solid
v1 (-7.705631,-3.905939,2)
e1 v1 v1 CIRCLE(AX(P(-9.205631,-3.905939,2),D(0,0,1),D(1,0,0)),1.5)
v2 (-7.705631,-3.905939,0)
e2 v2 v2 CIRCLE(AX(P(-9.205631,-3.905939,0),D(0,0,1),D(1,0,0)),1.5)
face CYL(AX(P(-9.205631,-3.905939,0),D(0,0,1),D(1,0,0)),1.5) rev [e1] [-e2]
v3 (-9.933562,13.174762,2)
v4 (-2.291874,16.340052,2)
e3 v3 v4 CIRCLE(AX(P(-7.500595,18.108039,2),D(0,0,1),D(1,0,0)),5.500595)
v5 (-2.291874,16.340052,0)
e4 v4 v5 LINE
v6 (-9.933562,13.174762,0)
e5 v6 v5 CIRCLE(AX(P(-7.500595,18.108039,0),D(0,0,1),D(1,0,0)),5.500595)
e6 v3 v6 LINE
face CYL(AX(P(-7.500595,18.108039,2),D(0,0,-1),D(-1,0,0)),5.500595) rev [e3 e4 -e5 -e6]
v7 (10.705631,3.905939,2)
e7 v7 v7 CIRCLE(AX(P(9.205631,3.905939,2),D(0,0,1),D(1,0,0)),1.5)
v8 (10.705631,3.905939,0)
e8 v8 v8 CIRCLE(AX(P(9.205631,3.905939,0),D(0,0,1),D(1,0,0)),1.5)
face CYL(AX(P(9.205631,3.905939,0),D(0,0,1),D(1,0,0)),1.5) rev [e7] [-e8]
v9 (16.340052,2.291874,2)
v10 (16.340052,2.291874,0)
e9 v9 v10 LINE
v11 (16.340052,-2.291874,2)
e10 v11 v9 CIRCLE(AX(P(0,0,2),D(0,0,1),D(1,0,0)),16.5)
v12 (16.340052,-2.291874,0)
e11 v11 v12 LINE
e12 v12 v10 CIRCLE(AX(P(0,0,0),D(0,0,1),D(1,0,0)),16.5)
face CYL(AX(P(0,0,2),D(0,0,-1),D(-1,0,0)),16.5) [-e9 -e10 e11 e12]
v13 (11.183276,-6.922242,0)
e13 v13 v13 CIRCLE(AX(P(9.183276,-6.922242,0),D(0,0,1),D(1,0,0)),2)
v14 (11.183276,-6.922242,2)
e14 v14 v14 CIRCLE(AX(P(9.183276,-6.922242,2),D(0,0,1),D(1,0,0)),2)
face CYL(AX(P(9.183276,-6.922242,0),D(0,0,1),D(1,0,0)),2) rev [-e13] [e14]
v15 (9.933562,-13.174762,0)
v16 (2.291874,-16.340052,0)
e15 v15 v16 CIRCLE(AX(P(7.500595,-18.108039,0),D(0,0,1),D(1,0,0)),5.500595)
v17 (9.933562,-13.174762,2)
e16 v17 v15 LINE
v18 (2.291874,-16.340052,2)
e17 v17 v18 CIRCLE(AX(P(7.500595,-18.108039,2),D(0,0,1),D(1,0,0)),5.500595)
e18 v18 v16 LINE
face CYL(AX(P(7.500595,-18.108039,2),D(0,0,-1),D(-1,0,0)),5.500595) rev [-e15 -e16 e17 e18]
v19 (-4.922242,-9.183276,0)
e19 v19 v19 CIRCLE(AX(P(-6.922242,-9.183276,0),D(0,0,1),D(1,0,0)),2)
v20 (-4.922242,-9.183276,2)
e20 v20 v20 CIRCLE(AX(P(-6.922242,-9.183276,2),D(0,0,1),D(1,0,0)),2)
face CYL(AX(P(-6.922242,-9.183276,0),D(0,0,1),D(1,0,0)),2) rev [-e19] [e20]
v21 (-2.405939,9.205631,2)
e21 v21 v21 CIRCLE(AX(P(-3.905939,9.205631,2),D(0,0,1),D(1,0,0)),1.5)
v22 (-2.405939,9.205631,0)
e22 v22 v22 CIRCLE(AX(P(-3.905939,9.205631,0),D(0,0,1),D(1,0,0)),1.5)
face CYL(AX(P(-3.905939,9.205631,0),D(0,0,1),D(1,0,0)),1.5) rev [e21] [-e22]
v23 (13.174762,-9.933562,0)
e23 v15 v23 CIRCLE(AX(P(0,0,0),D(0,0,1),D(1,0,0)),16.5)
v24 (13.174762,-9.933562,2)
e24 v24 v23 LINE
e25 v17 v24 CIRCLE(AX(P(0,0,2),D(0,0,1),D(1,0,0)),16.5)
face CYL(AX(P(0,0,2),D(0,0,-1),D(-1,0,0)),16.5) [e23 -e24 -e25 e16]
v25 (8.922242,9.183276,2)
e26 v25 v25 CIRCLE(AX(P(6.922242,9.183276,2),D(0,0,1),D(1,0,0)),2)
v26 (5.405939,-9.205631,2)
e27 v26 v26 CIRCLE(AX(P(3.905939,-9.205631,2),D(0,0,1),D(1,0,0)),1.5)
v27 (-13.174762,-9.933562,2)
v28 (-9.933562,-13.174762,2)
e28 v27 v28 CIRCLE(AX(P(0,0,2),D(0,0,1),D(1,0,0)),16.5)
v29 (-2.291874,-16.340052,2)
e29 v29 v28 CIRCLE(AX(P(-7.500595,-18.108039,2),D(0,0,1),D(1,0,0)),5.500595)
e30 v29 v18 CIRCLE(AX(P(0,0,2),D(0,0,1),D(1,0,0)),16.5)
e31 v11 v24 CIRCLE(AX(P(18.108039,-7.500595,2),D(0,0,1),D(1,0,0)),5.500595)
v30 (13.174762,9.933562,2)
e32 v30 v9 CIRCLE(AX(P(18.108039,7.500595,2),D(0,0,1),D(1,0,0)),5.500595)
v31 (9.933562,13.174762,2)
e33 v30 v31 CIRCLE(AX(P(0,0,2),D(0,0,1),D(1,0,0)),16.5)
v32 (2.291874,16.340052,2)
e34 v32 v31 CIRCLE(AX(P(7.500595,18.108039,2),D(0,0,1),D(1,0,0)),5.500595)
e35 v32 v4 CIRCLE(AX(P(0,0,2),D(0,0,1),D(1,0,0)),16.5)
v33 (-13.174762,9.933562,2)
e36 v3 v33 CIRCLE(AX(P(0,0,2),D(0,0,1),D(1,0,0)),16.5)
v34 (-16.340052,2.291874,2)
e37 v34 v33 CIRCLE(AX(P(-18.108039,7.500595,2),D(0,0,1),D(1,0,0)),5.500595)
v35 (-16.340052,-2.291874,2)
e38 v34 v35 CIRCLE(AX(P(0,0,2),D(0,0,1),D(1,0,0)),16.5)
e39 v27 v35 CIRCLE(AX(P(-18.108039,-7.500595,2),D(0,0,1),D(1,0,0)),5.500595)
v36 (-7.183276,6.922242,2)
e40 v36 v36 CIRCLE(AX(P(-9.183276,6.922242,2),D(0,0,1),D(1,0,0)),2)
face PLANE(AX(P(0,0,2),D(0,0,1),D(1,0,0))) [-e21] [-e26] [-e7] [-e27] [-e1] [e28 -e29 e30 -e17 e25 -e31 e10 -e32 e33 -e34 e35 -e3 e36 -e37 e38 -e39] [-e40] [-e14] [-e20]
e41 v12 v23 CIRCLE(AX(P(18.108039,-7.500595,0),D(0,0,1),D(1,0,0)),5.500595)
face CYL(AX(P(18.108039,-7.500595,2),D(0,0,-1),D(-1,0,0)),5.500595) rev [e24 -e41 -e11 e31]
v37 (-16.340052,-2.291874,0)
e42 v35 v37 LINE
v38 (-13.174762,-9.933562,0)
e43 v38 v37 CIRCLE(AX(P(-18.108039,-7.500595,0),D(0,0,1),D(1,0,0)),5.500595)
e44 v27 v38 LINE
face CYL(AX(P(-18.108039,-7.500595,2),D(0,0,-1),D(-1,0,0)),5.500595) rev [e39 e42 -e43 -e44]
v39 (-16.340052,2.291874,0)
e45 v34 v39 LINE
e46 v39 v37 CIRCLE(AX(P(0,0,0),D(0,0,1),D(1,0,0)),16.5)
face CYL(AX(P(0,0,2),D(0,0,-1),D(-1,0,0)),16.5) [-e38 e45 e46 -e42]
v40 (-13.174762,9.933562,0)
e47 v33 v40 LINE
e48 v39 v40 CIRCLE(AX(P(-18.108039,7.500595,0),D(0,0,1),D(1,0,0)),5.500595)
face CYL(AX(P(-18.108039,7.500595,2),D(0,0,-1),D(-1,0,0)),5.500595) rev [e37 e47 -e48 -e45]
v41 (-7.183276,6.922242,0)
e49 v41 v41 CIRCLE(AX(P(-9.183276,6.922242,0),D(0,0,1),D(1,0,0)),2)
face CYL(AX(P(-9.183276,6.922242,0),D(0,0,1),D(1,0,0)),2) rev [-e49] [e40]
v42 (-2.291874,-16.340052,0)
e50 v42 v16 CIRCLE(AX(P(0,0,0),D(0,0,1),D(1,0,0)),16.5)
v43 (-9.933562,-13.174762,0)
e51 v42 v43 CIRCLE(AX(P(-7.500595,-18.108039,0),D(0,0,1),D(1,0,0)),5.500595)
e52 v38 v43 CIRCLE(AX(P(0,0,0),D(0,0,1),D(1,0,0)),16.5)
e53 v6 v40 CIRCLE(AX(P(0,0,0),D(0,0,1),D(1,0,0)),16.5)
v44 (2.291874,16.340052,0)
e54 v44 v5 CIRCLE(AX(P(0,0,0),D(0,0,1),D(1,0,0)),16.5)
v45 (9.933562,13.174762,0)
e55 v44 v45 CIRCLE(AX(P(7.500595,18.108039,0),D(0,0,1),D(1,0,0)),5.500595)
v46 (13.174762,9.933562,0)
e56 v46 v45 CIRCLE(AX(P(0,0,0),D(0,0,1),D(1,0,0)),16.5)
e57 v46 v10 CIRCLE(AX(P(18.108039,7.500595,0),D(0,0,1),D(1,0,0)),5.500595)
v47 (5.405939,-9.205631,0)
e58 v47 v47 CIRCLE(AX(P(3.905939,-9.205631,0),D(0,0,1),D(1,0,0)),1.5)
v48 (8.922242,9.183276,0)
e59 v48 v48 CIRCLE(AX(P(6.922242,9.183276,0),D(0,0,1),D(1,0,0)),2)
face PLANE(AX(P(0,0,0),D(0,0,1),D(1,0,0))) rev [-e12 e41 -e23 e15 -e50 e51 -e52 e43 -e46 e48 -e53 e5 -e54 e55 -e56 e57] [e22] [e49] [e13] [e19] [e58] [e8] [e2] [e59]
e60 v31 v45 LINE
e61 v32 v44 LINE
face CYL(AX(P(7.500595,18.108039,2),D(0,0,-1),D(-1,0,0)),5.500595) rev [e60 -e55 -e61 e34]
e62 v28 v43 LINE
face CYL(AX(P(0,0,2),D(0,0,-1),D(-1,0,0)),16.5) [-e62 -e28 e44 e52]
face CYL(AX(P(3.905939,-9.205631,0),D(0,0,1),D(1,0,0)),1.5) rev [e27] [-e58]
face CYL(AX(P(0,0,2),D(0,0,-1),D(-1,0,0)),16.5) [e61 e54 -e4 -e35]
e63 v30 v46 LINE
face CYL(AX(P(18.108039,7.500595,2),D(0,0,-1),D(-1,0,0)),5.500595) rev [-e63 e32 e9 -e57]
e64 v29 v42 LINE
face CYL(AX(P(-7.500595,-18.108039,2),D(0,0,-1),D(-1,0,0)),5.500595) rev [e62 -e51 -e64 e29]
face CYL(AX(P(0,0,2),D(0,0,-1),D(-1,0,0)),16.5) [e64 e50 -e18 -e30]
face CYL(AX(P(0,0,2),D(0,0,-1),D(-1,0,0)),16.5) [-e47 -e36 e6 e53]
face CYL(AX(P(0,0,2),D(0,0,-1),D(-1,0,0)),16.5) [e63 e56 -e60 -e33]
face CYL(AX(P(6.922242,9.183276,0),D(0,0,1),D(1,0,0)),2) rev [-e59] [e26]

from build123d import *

# Parameters (mm, degrees)
BOSS_EXTRUDE1_DEPTH = 2
SKETCH2_R           = 1.5
SKETCH2_R_2         = 2
CUT_EXTRUDE1_DEPTH  = 24.420076857


with BuildPart() as part:
    # Sketch1 → Boss-Extrude1 (new body)
    with BuildSketch(Plane.XY):
        with BuildLine():
            ThreePointArc((2.29187449, 16.340052366), (0, 16.5), (-2.29187449, 16.340052366))
            ThreePointArc((-2.29187449, 16.340052366), (-5.395608595, 13.026151447), (-9.933561839, 13.174761826))
            ThreePointArc((-9.933561839, 13.174761826), (-11.66726189, 11.66726189), (-13.174761826, 9.933561839))
            ThreePointArc((-13.174761826, 9.933561839), (-13.026151447, 5.395608595), (-16.340052366, 2.29187449))
            ThreePointArc((-16.340052366, 2.29187449), (-16.5, 0), (-16.340052366, -2.29187449))
            ThreePointArc((-16.340052366, -2.29187449), (-13.026151447, -5.395608595), (-13.174761826, -9.933561839))
            ThreePointArc((-13.174761826, -9.933561839), (-11.66726189, -11.66726189), (-9.933561839, -13.174761826))
            ThreePointArc((-9.933561839, -13.174761826), (-5.395608595, -13.026151447), (-2.29187449, -16.340052366))
            ThreePointArc((-2.29187449, -16.340052366), (0, -16.5), (2.29187449, -16.340052366))
            ThreePointArc((2.29187449, -16.340052366), (5.395608595, -13.026151447), (9.933561839, -13.174761826))
            ThreePointArc((9.933561839, -13.174761826), (11.66726189, -11.66726189), (13.174761826, -9.933561839))
            ThreePointArc((13.174761826, -9.933561839), (13.026151447, -5.395608595), (16.340052366, -2.29187449))
            ThreePointArc((16.340052366, -2.29187449), (16.5, 0), (16.340052366, 2.29187449))
            ThreePointArc((16.340052366, 2.29187449), (13.026151447, 5.395608595), (13.174761826, 9.933561839))
            ThreePointArc((13.174761826, 9.933561839), (11.66726189, 11.66726189), (9.933561839, 13.174761826))
            ThreePointArc((9.933561839, 13.174761826), (5.395608595, 13.026151447), (2.29187449, 16.340052366))
        make_face()
    extrude(amount=BOSS_EXTRUDE1_DEPTH)

    # Sketch2 → Cut-Extrude1 (cut, through all)
    with BuildSketch(Plane.XY.offset(2)):
        with Locations((9.205631104, 3.905938552)):
            Circle(SKETCH2_R)
        with Locations((6.922242286, 9.183276198)):
            Circle(SKETCH2_R_2)
        with Locations((9.183276198, -6.922242286)):
            Circle(SKETCH2_R_2)
        with Locations((3.905938552, -9.205631104)):
            Circle(SKETCH2_R)
        with Locations((-6.922242286, -9.183276198)):
            Circle(SKETCH2_R_2)
        with Locations((-9.205631104, -3.905938552)):
            Circle(SKETCH2_R)
        with Locations((-9.183276198, 6.922242286)):
            Circle(SKETCH2_R_2)
        with Locations((-3.905938552, 9.205631104)):
            Circle(SKETCH2_R)
    extrude(amount=-CUT_EXTRUDE1_DEPTH, mode=Mode.SUBTRACT)


solid = part.part
